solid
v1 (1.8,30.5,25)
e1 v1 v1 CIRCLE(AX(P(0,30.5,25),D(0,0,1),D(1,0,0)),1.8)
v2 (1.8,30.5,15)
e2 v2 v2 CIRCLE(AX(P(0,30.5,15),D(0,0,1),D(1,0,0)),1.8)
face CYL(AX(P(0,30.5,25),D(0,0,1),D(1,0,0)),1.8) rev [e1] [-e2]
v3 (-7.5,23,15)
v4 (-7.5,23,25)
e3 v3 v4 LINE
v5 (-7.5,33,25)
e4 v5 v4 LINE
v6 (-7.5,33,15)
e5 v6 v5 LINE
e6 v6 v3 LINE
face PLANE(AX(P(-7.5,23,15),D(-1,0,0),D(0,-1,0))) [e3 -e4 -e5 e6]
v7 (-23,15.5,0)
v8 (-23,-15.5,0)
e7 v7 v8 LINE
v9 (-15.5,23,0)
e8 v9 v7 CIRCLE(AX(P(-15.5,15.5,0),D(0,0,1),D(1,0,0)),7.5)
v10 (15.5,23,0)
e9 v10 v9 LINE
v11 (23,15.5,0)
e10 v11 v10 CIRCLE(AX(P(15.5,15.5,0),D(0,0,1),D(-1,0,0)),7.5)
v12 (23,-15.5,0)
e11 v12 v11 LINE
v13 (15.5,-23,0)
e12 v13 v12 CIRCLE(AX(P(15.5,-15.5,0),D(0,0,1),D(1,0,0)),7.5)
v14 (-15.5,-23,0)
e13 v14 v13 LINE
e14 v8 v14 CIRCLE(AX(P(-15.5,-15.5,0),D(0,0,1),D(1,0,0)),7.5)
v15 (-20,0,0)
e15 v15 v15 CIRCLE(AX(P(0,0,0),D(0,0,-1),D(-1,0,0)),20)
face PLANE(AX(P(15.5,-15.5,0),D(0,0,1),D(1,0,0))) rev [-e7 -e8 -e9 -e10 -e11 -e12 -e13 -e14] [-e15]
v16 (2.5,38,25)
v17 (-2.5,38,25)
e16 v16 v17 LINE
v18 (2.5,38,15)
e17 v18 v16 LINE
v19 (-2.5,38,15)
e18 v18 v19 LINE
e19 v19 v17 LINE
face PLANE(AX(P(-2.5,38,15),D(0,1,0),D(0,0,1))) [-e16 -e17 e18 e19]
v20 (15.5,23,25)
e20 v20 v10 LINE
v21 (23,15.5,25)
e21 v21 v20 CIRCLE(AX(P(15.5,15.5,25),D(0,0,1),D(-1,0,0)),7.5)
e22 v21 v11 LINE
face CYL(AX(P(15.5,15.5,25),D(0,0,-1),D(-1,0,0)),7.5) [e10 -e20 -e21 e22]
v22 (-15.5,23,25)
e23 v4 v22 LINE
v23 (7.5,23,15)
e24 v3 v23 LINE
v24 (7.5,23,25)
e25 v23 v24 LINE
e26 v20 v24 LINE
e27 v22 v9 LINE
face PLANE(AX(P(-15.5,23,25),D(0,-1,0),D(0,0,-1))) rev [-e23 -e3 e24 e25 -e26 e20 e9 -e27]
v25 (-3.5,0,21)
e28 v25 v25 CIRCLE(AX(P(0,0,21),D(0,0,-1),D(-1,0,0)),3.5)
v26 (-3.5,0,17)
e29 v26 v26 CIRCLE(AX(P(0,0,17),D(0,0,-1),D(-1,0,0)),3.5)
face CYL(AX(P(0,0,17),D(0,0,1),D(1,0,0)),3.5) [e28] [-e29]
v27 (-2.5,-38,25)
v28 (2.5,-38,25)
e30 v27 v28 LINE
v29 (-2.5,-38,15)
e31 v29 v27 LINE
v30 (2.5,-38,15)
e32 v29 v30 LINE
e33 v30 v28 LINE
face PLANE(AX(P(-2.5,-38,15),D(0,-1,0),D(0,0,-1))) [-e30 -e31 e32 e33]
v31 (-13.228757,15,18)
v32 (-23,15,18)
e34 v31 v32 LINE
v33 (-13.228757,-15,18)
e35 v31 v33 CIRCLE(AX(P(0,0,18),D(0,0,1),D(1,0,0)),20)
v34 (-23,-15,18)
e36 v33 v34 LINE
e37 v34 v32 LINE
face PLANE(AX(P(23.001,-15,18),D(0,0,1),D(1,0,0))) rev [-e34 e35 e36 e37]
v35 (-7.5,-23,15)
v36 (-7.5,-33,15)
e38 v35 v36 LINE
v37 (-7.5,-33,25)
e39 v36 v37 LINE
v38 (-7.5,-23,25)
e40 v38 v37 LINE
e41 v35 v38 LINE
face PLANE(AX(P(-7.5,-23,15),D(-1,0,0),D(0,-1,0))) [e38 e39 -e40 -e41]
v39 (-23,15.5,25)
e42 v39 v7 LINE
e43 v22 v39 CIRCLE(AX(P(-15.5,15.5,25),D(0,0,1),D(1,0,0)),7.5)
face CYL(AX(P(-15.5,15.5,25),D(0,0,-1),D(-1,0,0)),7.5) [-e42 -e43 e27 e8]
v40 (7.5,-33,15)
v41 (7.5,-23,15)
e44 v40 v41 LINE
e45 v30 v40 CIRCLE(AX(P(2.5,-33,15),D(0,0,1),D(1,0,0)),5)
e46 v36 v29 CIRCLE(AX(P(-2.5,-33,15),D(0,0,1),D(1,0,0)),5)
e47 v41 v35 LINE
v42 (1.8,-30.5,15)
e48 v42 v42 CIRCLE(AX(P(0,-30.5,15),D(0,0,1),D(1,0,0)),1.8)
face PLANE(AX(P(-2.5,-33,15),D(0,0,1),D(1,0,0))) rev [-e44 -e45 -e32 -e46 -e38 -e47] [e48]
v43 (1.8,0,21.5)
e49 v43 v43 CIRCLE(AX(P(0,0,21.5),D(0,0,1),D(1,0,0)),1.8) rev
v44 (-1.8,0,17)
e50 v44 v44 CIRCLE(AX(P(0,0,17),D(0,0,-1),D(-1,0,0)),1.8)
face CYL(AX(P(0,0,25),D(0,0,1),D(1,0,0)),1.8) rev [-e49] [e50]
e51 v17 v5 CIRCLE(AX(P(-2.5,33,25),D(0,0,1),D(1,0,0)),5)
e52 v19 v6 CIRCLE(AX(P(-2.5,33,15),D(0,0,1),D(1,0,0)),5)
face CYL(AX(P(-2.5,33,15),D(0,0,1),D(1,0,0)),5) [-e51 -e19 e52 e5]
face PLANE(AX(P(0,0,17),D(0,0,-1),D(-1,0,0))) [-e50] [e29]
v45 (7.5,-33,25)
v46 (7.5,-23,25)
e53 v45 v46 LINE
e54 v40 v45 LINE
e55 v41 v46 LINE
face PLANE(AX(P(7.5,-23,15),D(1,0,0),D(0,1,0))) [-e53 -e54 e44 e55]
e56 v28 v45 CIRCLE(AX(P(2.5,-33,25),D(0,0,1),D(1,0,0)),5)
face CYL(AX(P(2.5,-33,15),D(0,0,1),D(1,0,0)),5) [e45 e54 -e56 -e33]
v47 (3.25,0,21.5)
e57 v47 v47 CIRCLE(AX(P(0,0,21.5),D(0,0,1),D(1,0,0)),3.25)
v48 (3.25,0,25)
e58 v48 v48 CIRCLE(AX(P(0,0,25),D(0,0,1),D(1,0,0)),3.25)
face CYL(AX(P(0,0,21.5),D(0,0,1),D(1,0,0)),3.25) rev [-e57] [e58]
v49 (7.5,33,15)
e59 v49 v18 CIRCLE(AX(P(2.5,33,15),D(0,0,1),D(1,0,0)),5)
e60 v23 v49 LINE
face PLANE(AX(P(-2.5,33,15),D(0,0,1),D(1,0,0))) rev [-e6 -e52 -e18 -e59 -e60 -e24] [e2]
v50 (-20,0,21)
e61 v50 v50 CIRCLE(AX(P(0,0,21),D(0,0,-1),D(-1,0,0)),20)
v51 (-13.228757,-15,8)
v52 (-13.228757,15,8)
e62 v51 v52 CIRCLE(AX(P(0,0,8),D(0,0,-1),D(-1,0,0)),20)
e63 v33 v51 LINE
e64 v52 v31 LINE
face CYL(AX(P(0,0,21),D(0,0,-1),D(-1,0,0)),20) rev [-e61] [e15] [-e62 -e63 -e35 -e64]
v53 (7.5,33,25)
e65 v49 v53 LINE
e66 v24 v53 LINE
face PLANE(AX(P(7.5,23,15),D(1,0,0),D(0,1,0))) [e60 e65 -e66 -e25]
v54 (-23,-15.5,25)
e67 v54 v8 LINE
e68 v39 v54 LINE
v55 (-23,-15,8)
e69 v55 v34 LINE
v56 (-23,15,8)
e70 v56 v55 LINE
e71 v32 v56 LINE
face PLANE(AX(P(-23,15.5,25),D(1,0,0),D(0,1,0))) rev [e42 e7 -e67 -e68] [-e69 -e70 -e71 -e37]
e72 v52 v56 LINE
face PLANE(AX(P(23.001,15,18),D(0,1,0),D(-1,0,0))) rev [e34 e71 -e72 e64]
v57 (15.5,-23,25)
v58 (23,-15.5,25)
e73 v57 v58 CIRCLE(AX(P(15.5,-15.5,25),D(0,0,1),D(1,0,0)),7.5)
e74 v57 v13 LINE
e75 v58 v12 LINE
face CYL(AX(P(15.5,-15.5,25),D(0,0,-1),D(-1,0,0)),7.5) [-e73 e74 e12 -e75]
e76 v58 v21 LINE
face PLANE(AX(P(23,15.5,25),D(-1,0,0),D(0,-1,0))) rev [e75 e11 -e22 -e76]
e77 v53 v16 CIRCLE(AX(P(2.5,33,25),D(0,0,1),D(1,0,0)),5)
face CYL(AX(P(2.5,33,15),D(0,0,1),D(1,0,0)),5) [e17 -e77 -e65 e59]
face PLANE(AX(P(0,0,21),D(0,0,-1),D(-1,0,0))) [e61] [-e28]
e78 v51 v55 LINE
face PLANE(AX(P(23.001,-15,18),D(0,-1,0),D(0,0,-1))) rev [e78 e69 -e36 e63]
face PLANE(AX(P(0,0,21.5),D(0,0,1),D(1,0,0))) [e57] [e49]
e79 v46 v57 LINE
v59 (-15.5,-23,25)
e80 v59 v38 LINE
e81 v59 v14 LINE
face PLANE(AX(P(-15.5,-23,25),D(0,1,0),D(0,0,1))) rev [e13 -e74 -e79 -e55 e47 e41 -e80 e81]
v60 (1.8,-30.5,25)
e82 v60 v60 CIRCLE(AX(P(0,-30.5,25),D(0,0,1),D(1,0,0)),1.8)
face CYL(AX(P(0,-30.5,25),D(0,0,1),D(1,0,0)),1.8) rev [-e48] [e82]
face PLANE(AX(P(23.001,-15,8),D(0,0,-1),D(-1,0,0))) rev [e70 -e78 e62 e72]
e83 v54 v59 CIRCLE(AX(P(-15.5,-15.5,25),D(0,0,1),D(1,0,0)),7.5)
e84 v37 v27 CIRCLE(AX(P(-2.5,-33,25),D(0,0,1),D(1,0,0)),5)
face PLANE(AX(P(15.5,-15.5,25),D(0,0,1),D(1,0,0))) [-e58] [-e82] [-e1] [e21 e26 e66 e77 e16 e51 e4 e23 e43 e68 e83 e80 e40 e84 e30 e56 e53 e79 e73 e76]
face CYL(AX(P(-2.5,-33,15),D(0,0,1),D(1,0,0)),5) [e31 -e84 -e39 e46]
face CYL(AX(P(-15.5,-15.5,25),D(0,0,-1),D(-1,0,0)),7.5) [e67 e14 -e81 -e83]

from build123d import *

# Parameters (mm, degrees)
MAIN_DEPTH               = 25
SKETCH2_R                = 20
PULLEY_HOLE_DEPTH        = 21
PULLEY_OUT_REACH         = 48
SKETCH3_W                = 10
SKETCH3_H                = 30
FIXATION_DEPTH           = 10
SKETCH5_R                = 3.5
BOSS_EXTRUDE3_DEPTH      = 4
M3_CLEARANCE_HOLE2_D     = 3.6
M3_CLEARANCE_HOLE2_DEPTH = 8
M3_CLEARANCE_HOLE3_D     = 3.6
M3_CLEARANCE_HOLE3_DEPTH = 10
M3_CLEARANCE_HOLE4_D     = 3.6
M3_CLEARANCE_HOLE4_DEPTH = 10
SKETCH15_R               = 3.25
CUT_EXTRUDE1_DEPTH       = 3.5


with BuildPart() as part:
    # Sketch1 → Main (new body)
    with BuildSketch(Plane.XY):
        with BuildLine():
            Line((-15.5, 23), (15.5, 23))
            ThreePointArc((15.5, 23), (20.803300859, 20.803300859), (23, 15.5))
            Line((23, 15.5), (23, -15.5))
            ThreePointArc((23, -15.5), (20.803300859, -20.803300859), (15.5, -23))
            Line((15.5, -23), (-15.5, -23))
            ThreePointArc((-15.5, -23), (-20.803300859, -20.803300859), (-23, -15.5))
            Line((-23, -15.5), (-23, 15.5))
            ThreePointArc((-23, 15.5), (-20.803300859, 20.803300859), (-15.5, 23))
        make_face()
    extrude(amount=MAIN_DEPTH)

    # Sketch2 → Pulley Hole (cut)
    with BuildSketch(Plane(origin=(0, 0, 0), x_dir=(-1, 0, 0), z_dir=(0, 0, -1))):
        Circle(SKETCH2_R)
    extrude(amount=-PULLEY_HOLE_DEPTH, mode=Mode.SUBTRACT)

    # Sketch3 → Pulley Out (cut, up to next)
    with BuildSketch(Plane.ZY.offset(23), mode=Mode.PRIVATE) as pulley_out_sk1:
        with Locations((13, 0)):
            Rectangle(SKETCH3_W, SKETCH3_H)
    pulley_out_tool1 = extrude(pulley_out_sk1.sketch, amount=-PULLEY_OUT_REACH, mode=Mode.PRIVATE) & part.part
    add(pulley_out_tool1.solids().sort_by_distance((-23, 0, 13))[0], mode=Mode.SUBTRACT)

    # Sketch4 → Fixation (add)
    with BuildSketch(Plane.XY.offset(25)):
        with BuildLine():
            Line((-7.5, -23), (7.5, -23))
            Line((7.5, -23), (7.5, -33))
            ThreePointArc((7.5, -33), (6.035533906, -36.535533906), (2.5, -38))
            Line((2.5, -38), (-2.5, -38))
            ThreePointArc((-2.5, -38), (-6.035533906, -36.535533906), (-7.5, -33))
            Line((-7.5, -33), (-7.5, -23))
        make_face()
        with BuildLine():
            Line((-7.5, 23), (7.5, 23))
            Line((7.5, 23), (7.5, 33))
            ThreePointArc((7.5, 33), (6.035533906, 36.535533906), (2.5, 38))
            Line((2.5, 38), (-2.5, 38))
            ThreePointArc((-2.5, 38), (-6.035533906, 36.535533906), (-7.5, 33))
            Line((-7.5, 33), (-7.5, 23))
        make_face()
    extrude(amount=-FIXATION_DEPTH)

    # Sketch5 → Boss-Extrude3 (add)
    with BuildSketch(Plane(origin=(0, 0, 21), x_dir=(-1, 0, 0), z_dir=(0, 0, -1))):
        Circle(SKETCH5_R)
    extrude(amount=BOSS_EXTRUDE3_DEPTH)

    # M3 Clearance Hole2
    with Locations(Plane.XY.offset(25)):
        with Locations((0, 0)):
            Hole(M3_CLEARANCE_HOLE2_D / 2, depth=M3_CLEARANCE_HOLE2_DEPTH)

    # M3 Clearance Hole3
    with Locations(Plane(origin=(0, -30.5, 25), x_dir=(1, 0, 0), z_dir=(0, 0, 1))):
        with Locations((0, 0)):
            Hole(M3_CLEARANCE_HOLE3_D / 2, depth=M3_CLEARANCE_HOLE3_DEPTH)

    # M3 Clearance Hole4
    with Locations(Plane(origin=(0, 30.5, 25), x_dir=(1, 0, 0), z_dir=(0, 0, 1))):
        with Locations((0, 0)):
            Hole(M3_CLEARANCE_HOLE4_D / 2, depth=M3_CLEARANCE_HOLE4_DEPTH)

    # Sketch15 → Cut-Extrude1 (cut)
    with BuildSketch(Plane.XY.offset(25)):
        Circle(SKETCH15_R)
    extrude(amount=-CUT_EXTRUDE1_DEPTH, mode=Mode.SUBTRACT)


solid = part.part
